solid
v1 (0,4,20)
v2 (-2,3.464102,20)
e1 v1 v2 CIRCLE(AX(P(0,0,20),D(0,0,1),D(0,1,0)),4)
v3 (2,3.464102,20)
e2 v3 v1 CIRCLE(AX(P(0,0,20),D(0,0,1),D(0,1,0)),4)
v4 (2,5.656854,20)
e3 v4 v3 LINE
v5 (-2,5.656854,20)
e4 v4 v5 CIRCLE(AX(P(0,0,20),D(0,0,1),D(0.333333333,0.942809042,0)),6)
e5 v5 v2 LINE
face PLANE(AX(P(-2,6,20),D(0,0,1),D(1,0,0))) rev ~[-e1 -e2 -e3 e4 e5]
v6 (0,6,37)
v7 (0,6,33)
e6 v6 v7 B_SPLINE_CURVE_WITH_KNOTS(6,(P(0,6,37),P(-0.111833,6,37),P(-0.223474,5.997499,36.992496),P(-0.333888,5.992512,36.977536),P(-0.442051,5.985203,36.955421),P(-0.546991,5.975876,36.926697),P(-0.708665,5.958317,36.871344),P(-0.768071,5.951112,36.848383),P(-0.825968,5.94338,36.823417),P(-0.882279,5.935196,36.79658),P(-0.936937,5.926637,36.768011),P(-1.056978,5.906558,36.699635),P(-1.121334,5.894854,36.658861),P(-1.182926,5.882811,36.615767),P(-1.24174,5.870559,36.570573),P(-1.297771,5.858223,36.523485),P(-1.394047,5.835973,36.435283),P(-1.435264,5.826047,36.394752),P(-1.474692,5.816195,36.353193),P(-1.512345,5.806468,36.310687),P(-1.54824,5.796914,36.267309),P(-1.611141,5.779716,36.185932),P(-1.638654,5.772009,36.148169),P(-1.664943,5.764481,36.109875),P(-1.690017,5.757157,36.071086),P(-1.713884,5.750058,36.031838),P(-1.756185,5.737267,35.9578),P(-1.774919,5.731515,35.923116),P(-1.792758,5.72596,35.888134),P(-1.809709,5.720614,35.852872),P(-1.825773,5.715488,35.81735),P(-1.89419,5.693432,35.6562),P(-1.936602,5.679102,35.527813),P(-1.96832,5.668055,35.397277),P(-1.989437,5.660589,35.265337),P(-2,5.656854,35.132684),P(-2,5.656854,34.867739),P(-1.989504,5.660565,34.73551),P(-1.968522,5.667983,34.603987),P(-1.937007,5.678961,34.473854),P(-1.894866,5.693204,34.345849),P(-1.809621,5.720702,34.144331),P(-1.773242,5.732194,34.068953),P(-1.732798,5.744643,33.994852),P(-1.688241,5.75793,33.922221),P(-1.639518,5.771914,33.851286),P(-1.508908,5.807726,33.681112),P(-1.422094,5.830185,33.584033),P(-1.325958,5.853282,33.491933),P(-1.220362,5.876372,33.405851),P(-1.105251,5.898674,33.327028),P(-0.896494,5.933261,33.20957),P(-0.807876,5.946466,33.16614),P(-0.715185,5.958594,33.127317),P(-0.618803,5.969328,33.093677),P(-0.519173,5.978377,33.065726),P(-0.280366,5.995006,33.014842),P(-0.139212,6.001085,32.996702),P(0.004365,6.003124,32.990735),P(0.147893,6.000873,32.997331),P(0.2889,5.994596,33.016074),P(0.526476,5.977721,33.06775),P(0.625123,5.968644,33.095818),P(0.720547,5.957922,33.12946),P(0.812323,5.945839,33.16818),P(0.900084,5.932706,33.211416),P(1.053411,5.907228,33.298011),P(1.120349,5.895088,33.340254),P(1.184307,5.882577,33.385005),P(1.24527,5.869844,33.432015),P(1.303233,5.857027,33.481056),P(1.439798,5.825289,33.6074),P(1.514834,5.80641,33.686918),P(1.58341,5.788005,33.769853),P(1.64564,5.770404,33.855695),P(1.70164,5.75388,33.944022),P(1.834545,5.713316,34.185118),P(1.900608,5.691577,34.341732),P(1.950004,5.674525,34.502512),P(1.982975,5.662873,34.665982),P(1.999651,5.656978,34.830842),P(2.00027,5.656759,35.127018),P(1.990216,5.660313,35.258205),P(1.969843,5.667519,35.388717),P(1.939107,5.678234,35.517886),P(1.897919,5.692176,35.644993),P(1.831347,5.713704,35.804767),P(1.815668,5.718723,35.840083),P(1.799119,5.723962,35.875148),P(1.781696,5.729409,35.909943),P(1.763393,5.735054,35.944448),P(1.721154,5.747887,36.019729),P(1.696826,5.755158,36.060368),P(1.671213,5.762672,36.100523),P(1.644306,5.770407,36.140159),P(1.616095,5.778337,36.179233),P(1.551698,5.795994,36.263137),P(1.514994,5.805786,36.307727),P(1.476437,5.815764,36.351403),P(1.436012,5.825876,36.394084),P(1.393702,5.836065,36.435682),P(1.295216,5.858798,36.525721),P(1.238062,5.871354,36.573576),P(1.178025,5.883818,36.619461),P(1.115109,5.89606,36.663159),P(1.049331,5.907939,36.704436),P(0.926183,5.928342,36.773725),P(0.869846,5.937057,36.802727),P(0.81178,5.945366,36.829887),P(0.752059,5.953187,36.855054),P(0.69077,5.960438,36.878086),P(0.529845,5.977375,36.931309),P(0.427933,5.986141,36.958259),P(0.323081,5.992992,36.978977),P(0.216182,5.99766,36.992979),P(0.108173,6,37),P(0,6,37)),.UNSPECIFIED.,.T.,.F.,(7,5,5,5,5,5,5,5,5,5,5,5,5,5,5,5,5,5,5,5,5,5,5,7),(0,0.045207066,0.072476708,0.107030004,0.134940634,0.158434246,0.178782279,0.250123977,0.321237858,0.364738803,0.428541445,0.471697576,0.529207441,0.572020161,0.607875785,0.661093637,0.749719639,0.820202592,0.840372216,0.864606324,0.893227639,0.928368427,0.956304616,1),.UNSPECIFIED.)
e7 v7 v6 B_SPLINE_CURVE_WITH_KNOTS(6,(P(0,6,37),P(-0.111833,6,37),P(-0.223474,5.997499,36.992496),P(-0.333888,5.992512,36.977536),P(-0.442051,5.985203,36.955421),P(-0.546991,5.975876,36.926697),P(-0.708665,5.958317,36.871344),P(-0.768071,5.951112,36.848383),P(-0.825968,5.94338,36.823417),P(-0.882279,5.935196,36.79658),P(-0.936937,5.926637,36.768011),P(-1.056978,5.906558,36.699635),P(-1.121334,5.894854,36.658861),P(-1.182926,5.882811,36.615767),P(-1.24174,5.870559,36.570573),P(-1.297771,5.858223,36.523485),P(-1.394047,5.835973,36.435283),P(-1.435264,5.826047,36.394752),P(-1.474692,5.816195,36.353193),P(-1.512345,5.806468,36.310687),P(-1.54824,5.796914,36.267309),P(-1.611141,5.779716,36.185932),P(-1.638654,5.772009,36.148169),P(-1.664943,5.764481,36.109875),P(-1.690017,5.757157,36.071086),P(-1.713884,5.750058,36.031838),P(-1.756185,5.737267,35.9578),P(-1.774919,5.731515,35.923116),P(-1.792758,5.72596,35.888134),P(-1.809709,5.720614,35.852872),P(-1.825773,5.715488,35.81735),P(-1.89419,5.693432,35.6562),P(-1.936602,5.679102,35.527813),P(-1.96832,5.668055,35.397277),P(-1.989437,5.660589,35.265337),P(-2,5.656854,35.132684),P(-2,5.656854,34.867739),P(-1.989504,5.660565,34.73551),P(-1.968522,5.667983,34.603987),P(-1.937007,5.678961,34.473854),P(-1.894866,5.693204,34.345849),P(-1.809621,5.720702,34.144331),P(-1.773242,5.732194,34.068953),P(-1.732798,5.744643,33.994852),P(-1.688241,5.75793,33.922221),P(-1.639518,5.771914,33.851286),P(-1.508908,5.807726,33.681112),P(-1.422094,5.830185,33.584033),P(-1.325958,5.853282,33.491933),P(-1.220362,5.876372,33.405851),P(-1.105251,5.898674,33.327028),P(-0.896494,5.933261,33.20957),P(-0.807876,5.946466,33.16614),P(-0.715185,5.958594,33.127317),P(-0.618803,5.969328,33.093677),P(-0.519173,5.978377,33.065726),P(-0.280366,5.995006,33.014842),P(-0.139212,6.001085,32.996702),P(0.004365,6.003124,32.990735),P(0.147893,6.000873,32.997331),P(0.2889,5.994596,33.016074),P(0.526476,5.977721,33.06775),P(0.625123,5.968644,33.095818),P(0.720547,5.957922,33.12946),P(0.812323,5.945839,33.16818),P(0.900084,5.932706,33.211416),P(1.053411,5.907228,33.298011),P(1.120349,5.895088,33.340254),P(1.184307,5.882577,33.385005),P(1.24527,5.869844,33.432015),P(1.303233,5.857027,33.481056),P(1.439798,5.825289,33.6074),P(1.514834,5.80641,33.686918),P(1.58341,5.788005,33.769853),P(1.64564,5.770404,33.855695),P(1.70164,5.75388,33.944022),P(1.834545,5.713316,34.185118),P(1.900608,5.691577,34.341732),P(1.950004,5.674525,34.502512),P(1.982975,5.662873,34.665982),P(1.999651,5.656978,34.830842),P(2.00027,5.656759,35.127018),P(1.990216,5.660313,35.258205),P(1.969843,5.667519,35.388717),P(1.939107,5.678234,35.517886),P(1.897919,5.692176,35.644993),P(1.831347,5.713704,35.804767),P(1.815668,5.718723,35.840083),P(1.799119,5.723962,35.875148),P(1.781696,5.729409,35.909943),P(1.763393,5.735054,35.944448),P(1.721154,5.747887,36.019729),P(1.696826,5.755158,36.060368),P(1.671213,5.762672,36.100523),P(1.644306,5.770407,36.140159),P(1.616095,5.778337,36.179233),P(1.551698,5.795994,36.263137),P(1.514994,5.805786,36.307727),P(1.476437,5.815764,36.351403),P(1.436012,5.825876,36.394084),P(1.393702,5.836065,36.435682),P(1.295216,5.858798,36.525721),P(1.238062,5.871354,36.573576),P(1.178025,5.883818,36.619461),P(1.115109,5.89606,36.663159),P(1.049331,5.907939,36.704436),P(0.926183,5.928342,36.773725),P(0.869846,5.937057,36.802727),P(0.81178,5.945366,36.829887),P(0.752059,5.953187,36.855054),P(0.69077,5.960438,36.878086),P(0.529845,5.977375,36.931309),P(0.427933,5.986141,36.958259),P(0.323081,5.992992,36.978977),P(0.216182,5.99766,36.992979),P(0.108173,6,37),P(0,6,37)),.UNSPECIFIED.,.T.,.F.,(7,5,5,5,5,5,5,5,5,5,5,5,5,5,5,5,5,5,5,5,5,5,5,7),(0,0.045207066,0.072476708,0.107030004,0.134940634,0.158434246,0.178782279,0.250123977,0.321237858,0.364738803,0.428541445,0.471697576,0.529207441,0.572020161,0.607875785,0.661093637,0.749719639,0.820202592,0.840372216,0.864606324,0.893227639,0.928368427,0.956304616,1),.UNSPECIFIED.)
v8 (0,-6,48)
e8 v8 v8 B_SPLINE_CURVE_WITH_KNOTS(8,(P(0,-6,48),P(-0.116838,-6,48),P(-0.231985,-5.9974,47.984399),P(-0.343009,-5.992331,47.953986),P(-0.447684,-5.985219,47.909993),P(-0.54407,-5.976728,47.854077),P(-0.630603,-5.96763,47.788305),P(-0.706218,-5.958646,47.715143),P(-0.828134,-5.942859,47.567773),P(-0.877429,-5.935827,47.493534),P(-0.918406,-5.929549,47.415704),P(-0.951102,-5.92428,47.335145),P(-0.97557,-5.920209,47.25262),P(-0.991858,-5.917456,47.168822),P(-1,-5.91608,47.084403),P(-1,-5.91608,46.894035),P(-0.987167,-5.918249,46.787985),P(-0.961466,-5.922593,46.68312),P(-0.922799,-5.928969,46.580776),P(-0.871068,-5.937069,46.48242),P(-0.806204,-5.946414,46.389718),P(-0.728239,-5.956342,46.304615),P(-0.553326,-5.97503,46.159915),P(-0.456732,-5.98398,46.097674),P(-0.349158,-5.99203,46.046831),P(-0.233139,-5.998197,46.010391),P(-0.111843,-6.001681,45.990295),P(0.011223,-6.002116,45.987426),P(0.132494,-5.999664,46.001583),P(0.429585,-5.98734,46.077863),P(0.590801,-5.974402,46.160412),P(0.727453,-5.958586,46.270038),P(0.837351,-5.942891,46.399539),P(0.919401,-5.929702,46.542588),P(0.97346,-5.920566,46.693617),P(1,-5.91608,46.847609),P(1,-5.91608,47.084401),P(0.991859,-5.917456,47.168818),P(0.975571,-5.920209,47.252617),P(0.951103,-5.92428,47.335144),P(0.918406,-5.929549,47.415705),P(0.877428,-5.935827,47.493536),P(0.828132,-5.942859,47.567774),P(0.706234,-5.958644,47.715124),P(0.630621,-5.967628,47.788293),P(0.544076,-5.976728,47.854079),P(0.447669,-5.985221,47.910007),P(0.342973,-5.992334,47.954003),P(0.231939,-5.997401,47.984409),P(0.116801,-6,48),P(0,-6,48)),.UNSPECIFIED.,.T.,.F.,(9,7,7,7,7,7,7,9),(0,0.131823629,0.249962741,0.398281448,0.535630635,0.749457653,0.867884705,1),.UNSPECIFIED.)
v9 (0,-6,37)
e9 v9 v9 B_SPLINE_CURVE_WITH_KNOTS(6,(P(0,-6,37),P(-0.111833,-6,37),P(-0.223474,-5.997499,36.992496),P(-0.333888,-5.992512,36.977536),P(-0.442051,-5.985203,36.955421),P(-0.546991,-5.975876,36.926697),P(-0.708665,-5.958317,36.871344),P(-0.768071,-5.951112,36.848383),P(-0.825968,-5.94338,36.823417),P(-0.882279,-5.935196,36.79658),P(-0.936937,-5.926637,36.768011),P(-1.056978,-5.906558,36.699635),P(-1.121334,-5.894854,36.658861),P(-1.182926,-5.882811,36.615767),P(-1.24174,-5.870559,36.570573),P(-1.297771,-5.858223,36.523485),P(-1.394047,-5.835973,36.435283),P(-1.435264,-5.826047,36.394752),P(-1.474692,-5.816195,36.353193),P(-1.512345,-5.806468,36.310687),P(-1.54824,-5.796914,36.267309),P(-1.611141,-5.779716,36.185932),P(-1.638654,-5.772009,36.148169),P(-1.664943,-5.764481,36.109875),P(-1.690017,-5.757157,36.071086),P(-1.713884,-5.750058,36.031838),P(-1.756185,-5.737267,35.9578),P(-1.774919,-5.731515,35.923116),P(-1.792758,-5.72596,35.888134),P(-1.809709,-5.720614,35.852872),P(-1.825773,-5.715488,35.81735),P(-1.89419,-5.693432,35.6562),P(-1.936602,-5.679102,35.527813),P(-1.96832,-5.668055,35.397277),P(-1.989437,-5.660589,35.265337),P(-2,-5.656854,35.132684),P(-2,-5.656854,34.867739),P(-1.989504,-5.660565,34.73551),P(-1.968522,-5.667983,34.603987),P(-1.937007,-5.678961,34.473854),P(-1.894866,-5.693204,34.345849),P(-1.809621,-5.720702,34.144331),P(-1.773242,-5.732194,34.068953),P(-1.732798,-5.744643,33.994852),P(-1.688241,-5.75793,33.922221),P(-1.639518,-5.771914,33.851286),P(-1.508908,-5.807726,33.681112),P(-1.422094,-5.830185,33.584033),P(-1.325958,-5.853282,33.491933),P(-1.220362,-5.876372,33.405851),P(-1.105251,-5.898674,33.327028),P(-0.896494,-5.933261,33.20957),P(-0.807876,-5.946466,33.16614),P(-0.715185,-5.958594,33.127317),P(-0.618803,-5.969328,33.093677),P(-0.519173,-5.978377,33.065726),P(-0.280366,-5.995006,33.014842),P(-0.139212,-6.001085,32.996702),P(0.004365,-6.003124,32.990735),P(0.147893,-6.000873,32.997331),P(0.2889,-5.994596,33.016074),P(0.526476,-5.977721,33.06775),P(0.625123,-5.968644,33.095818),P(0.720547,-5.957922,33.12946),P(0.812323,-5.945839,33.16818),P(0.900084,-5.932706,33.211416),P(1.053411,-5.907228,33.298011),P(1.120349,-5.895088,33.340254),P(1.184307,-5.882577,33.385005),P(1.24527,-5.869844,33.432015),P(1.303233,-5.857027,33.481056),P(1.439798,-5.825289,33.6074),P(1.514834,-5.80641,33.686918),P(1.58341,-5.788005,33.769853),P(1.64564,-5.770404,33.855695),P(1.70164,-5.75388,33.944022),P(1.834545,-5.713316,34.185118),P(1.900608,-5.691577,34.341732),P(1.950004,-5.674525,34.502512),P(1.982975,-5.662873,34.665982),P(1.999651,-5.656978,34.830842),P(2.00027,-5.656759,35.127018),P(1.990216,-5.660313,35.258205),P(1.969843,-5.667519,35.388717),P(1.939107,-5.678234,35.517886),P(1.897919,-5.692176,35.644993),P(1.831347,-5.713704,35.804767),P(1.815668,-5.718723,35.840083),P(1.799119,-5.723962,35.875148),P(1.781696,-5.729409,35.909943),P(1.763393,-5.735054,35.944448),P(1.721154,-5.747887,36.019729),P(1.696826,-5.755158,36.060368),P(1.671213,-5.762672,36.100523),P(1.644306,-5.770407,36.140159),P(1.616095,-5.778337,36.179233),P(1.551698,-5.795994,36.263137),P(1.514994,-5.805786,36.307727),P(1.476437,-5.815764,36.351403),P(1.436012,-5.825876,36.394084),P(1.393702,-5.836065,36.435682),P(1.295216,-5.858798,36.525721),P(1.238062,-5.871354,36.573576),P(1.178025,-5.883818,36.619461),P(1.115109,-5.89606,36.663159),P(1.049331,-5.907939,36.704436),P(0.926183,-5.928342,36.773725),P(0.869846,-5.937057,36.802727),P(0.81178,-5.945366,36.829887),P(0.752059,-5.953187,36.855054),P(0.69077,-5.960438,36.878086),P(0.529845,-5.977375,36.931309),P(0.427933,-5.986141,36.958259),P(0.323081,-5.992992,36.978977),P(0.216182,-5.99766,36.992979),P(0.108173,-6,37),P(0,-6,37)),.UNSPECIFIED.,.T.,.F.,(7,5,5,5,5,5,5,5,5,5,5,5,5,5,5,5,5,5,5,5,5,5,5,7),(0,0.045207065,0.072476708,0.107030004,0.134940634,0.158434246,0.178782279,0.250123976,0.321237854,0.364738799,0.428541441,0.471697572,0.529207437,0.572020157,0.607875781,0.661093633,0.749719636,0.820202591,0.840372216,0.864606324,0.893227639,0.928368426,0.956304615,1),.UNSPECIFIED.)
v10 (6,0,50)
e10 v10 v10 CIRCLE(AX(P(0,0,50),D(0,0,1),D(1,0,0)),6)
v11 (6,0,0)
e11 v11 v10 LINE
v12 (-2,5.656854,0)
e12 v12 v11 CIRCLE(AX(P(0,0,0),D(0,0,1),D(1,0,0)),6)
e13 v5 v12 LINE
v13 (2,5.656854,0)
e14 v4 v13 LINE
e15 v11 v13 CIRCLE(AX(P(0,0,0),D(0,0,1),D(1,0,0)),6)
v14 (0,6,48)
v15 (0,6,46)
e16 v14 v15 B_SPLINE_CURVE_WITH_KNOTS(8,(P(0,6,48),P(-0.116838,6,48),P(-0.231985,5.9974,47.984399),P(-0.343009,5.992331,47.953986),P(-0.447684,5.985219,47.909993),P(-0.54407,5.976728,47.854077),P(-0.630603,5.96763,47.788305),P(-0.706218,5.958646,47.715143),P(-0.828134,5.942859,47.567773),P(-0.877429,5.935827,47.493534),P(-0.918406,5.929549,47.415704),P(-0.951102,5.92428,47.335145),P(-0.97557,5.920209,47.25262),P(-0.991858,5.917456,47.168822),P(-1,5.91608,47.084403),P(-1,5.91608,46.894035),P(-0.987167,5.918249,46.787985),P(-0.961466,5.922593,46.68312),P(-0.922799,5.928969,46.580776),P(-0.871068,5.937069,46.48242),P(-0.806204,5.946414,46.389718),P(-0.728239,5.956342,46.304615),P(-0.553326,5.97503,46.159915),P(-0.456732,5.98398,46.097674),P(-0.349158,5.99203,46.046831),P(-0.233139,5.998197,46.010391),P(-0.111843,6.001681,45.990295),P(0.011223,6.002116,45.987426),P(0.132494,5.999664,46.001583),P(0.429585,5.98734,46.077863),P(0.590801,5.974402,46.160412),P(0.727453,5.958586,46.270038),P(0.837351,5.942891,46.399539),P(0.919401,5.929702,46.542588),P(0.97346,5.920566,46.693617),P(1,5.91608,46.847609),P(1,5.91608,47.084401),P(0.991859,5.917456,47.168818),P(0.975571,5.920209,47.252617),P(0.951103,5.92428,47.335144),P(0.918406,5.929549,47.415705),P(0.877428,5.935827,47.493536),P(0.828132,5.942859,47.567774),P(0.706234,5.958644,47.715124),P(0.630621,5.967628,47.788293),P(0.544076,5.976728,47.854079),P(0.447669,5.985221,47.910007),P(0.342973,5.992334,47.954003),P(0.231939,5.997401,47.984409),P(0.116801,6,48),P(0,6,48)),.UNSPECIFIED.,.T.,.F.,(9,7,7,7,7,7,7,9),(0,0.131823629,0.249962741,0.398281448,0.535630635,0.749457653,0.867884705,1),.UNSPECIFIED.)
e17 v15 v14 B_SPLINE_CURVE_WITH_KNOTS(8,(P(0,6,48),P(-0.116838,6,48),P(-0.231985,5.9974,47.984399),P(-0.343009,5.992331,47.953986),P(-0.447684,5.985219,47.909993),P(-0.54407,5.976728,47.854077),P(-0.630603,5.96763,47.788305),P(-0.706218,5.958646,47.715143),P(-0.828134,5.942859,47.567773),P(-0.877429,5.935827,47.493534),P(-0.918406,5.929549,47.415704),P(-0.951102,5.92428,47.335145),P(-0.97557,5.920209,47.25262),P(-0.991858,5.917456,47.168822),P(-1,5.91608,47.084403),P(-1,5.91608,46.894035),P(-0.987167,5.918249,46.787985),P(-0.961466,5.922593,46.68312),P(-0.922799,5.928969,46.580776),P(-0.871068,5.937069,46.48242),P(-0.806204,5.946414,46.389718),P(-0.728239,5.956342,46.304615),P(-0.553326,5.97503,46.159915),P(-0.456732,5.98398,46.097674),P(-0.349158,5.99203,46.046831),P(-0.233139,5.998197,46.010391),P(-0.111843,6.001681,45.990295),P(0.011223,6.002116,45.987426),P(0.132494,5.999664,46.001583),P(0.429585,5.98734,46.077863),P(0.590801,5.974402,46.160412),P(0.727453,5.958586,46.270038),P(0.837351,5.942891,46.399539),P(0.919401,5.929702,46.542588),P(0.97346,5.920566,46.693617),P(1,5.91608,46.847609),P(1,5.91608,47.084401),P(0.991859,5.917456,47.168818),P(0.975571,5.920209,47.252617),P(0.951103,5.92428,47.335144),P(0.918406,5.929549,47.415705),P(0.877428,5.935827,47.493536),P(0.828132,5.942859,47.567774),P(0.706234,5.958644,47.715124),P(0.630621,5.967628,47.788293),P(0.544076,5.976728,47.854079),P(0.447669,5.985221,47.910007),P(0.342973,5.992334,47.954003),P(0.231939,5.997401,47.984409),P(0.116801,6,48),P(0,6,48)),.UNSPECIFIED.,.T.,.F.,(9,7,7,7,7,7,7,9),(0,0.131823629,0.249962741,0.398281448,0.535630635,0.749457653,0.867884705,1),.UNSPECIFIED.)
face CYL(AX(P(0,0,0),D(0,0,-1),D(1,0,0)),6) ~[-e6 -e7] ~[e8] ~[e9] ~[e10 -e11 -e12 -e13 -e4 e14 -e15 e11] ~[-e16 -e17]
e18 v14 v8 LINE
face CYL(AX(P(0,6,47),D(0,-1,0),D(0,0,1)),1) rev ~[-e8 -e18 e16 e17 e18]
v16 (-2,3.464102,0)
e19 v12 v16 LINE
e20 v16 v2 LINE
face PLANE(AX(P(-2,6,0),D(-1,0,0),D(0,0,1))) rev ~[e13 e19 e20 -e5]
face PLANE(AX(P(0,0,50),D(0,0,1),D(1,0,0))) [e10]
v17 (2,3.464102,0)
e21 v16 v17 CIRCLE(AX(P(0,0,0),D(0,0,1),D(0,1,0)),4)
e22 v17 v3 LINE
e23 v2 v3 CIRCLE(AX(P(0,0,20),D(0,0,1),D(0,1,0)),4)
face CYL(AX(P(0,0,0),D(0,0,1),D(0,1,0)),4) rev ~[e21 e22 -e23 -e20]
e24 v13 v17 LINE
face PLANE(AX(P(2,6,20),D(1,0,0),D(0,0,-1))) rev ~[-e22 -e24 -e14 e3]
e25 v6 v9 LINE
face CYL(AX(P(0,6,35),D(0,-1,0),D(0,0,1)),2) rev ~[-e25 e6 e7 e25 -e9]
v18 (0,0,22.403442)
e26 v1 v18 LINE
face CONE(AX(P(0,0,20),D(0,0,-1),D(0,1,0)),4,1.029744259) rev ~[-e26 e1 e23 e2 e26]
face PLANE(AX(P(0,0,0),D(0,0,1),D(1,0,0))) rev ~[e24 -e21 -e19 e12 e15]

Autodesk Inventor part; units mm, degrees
ref_plane "YZ Plane" through (0, 0, 0) normal (1, 0, 0) x (0, 1, 0)
ref_plane "XY Plane" through (0, 0, 0) normal (0, 0, 1) x (1, 0, 0)
sketch "スケッチ1" plane through (0, 0, 0) normal (0, 0, 1) x (1, 0, 0)
  circle A0 centre (0, 0) radius 6
  dimension "d0" = 12
extrude "押し出し1" add sketch "スケッチ1" along normal blind 50
ref_plane "作業平面1" through (0, 6, 0) normal (0, 1, 0) x (-1, 0, 0)
sketch "スケッチ2" plane through (0, 6, 0) normal (0, 1, 0) x (-1, 0, 0)
  line L0 (0, 0) -> (2, 0)
  line L1 (2, 0) -> (2, 20)
  line L2 (2, 20) -> (0, 20)
  line L3 (0, 20) -> (0, 0)
  line L4 (6, 0) -> (-6, 0) projected
  line L5 (0, 20) -> (-2, 20)
  line L6 (-2, 20) -> (-2, 0)
  line L7 (-2, 0) -> (0, 0)
  line L8 (0, 0) -> (0, 20)
  dimension "d3" = 2
  dimension "d4" = 20
  dimension "d5" = 2
extrude "押し出し2" cut sketch "スケッチ2" against normal blind 6
sketch "スケッチ3" plane through (0, 0, 0) normal (0, 0, -1) x (-1, 0, 0)
  point P0 (0, 0)
  point P1 (0, 0)
hole "穴1" at (0, 0, 0) direction (0, 0, 1) diameter 8 depth 20 tip angle 118
sketch "スケッチ4" plane through (0, 6, 0) normal (0, 1, 0) x (-1, 0, 0)
  line L0 (2, 20) -> (-2, 20) projected
  point P0 (0, 0)
  point P1 (0, 35)
  dimension "d15" = 15
hole "穴2" at (0, 6, 35) direction (0, -1, 0) diameter 4 end through all
sketch "スケッチ5" plane through (0, 6, 0) normal (0, 1, 0) x (-1, 0, 0)
  line L0 (6, 50) -> (-6, 50) projected
  point P0 (0, 0)
  point P1 (0, 47)
  dimension "d23" = 3
hole "穴3" at (0, 6, 47) direction (0, -1, 0) diameter 2 end through all
properties part number "jik_motor_10-50" material "アルミニウム 6061-AHC"
